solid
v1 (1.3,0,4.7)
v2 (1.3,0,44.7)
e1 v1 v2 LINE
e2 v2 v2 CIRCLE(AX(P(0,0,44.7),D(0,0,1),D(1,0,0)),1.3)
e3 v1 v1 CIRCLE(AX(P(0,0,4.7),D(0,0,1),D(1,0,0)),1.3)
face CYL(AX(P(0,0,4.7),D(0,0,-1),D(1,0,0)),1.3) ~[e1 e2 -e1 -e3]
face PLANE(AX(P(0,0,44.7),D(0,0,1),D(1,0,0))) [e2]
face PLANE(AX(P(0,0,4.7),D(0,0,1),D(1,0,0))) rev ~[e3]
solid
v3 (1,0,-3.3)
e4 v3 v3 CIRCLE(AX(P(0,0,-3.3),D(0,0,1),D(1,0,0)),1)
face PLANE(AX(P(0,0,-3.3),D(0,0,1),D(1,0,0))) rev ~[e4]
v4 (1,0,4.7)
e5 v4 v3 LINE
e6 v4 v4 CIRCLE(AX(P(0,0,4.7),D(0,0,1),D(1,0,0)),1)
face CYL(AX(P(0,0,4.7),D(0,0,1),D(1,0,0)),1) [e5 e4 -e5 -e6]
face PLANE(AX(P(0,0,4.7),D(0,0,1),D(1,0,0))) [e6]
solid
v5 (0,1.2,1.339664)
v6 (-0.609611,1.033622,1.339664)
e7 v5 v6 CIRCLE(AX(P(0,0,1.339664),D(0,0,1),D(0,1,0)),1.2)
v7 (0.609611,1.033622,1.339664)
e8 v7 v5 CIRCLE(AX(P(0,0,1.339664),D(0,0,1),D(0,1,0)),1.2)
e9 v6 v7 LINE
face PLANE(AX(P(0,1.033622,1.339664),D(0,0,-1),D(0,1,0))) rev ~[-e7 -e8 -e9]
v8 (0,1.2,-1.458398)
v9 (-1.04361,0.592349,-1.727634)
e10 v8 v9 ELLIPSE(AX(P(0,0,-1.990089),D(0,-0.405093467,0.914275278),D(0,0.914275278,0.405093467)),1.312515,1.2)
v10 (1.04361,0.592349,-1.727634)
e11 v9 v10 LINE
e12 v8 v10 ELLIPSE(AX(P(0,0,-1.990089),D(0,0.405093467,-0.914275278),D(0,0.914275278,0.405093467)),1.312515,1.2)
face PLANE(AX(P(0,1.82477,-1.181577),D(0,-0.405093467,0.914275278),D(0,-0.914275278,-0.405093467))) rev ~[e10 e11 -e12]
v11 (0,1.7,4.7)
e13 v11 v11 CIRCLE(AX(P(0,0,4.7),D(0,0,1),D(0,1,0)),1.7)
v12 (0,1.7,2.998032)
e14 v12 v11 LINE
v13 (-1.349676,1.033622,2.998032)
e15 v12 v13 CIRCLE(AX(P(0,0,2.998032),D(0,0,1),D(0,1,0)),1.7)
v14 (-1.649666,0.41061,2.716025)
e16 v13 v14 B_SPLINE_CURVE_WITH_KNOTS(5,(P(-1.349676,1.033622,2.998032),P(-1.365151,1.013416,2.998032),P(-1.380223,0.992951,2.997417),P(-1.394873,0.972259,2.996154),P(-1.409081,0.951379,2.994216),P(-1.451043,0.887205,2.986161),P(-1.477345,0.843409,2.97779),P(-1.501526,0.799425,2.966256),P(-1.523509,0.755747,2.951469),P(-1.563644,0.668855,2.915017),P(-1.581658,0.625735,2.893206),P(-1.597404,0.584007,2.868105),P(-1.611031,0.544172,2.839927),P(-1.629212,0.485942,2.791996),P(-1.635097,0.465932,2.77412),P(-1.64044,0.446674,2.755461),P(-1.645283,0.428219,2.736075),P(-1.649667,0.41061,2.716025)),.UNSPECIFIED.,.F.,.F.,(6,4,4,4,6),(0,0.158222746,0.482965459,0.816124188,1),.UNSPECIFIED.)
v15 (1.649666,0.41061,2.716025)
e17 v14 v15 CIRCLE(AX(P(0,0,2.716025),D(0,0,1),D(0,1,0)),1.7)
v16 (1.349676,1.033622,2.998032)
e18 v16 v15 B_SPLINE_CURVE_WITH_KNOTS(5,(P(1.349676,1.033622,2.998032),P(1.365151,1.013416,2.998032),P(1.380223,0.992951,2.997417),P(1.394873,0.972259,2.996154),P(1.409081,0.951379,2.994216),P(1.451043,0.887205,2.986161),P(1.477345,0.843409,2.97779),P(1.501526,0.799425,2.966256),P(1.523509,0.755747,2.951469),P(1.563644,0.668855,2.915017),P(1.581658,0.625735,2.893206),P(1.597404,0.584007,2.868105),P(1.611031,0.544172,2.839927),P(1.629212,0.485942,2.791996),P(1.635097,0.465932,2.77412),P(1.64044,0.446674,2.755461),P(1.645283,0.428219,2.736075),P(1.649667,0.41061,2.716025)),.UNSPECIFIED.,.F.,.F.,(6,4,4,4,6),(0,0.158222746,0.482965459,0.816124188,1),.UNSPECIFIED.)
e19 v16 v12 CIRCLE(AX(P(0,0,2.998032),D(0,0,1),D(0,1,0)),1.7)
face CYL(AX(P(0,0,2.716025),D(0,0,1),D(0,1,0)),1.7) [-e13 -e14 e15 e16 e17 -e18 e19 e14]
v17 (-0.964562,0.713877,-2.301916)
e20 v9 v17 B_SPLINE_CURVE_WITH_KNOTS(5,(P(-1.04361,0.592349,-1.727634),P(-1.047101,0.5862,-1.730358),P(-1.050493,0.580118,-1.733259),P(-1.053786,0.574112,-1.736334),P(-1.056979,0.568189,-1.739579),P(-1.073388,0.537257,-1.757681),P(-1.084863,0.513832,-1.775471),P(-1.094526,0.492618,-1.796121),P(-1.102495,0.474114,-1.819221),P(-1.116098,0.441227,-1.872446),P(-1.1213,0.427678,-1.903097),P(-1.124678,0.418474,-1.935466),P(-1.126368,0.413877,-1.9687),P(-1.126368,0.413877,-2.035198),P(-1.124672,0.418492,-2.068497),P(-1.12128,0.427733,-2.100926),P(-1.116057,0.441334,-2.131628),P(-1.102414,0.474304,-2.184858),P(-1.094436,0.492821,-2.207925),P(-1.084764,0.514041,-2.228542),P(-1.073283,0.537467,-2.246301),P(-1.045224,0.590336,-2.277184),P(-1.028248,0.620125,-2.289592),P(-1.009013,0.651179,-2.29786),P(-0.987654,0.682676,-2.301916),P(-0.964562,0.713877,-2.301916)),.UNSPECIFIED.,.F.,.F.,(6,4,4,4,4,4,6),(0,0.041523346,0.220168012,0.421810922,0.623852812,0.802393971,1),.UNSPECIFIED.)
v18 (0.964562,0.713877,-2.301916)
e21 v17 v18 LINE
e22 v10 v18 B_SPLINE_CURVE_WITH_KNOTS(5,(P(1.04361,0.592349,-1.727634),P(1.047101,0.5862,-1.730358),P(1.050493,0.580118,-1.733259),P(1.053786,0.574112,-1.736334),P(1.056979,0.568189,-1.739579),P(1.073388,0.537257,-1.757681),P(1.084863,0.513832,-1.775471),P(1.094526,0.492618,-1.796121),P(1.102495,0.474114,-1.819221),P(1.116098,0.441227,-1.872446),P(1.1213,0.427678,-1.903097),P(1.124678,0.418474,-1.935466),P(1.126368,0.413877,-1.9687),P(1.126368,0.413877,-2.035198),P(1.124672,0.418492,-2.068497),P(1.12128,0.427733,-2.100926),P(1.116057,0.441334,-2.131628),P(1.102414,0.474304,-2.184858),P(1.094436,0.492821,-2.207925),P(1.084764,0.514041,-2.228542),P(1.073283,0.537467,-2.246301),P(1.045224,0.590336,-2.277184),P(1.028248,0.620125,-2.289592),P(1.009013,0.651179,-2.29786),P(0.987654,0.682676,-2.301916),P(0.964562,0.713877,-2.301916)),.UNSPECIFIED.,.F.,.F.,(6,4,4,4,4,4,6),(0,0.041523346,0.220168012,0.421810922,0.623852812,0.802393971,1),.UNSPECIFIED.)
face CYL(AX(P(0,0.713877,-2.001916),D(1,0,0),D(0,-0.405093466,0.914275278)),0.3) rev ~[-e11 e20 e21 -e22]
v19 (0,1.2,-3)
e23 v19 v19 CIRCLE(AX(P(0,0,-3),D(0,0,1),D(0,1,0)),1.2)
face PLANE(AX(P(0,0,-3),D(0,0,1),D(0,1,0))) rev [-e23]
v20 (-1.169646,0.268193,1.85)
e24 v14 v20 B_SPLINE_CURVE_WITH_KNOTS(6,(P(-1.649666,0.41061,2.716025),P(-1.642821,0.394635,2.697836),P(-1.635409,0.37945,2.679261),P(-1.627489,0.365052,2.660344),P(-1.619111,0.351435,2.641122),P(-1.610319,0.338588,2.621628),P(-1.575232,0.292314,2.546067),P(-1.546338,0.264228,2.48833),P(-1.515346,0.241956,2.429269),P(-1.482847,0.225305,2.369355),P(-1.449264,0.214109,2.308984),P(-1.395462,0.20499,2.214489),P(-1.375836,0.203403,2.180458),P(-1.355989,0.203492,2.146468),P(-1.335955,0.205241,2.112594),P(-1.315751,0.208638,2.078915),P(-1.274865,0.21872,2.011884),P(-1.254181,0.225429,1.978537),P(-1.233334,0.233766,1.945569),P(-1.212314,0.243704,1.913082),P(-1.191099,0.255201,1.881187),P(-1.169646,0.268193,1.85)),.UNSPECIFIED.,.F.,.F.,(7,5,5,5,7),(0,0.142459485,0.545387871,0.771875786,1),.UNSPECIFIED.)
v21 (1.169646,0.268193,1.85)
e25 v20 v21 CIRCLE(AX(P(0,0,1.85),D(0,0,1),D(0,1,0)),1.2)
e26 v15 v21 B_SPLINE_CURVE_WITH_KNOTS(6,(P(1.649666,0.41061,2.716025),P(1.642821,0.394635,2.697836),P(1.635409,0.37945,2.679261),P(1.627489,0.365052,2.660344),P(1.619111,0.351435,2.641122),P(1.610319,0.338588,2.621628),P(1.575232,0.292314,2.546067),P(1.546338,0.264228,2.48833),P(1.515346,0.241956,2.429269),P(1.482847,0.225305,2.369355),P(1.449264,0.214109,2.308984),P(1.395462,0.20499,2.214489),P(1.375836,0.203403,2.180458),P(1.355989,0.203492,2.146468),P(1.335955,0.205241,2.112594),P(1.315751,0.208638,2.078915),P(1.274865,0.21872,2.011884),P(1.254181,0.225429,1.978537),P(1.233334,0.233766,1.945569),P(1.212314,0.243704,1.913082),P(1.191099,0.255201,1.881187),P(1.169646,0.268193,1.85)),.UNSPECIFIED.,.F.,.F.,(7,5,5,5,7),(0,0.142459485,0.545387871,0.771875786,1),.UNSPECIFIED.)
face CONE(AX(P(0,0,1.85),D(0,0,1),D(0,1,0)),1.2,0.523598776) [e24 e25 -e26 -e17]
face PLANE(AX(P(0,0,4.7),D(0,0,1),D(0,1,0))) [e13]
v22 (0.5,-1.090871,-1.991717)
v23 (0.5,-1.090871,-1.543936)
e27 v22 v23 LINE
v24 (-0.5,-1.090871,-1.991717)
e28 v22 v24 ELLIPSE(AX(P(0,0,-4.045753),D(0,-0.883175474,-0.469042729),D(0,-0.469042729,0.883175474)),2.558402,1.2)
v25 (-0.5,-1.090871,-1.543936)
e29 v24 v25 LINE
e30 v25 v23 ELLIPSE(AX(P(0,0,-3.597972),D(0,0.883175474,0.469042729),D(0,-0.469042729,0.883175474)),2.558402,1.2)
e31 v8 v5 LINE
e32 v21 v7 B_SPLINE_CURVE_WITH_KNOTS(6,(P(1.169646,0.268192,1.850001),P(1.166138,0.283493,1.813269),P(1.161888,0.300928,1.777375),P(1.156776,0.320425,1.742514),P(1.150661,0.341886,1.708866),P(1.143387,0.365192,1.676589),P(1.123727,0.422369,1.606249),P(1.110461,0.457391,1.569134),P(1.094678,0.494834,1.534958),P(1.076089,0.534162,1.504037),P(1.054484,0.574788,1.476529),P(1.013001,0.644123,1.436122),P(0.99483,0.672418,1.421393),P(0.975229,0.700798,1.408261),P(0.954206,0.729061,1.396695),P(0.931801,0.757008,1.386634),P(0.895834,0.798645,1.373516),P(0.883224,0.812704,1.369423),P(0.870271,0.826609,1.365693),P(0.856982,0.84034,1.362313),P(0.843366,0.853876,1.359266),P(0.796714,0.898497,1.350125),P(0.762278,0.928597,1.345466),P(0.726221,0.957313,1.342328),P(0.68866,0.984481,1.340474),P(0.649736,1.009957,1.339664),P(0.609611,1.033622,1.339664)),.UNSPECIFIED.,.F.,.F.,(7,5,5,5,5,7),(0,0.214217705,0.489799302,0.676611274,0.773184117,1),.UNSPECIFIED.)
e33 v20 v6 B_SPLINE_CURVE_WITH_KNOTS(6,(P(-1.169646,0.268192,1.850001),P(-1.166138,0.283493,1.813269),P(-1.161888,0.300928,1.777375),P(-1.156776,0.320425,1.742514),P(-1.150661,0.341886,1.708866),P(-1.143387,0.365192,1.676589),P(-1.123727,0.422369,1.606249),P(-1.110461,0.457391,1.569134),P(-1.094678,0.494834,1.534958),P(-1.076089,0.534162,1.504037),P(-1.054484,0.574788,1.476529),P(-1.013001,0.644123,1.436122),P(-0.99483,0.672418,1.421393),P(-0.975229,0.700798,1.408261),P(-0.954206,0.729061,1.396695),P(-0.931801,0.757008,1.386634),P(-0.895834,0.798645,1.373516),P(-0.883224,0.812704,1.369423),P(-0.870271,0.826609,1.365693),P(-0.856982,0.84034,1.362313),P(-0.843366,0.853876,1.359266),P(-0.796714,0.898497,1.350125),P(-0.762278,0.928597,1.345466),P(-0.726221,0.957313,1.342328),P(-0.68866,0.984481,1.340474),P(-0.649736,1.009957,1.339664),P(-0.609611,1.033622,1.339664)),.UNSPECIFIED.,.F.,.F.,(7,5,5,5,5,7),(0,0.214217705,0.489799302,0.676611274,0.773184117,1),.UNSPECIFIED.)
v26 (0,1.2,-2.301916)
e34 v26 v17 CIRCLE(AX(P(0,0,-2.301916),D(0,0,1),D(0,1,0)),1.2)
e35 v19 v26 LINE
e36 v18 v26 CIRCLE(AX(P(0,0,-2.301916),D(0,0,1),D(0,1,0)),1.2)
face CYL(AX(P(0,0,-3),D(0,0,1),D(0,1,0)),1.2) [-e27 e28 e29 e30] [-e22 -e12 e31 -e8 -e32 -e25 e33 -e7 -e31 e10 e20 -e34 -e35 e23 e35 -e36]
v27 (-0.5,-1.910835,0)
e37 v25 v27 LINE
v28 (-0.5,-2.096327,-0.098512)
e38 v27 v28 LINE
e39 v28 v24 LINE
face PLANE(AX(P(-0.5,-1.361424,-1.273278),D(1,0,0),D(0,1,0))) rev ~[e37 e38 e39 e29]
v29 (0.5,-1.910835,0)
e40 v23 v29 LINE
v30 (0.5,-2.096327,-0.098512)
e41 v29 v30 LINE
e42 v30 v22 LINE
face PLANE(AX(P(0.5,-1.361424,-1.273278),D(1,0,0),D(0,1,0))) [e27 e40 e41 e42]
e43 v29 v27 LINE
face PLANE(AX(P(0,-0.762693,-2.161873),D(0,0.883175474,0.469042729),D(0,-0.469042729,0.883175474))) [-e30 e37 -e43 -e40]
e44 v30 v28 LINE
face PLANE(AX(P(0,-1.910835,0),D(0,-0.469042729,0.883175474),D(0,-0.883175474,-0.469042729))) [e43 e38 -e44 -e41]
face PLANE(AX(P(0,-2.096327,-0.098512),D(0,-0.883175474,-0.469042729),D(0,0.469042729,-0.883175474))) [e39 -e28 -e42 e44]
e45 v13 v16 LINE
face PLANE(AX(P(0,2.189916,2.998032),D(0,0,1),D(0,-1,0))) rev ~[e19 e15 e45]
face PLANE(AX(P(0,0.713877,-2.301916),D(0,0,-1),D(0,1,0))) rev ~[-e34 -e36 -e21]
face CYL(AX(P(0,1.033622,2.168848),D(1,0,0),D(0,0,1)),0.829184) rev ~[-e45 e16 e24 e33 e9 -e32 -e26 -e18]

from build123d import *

# Parameters (mm, degrees)
F3_DEPTH      = 1.701
F3_DEPTH_BACK = 1.701
F5_DEPTH      = 0.5
F6_R          = 1
F7_DEPTH      = 8
F6_R_2        = 1.3
F8_DEPTH      = 40


with BuildPart() as f1:
    # F0 (on Right) → F1 (revolve)
    with BuildSketch(Plane.YZ):
        Polygon((0, 4.7), (0, -3), (1.2, -3), (1.2, 1.85), (1.7, 2.7160254038), (1.7, 4.7), align=None)
    revolve(axis=Axis((0, 0, 0.85), (0, 0, 1)))

    # F2 (on Right) → F3 (cut, two sides)
    with BuildSketch(Plane.YZ) as f3_sk:
        with BuildLine():
            Line((2.1899155108, 1.3396641007), (2.1899155108, 2.9980324907))
            Line((2.1899155108, 2.9980324907), (1.033622073, 2.9980324907))
            ThreePointArc((1.033622073, 2.9980324907), (0.204437878, 2.1688482957), (1.033622073, 1.3396641007))
            Line((1.033622073, 1.3396641007), (2.1899155108, 1.3396641007))
        make_face()
        with BuildLine():
            Line((0.7138770978, -2.3019161758), (1.8247701228, -2.3019161758))
            Line((1.8247701228, -2.3019161758), (1.8247701228, -1.1815773513))
            Line((1.8247701228, -1.1815773513), (0.5923490578, -1.7276335925))
            ThreePointArc((0.5923490578, -1.7276335925), (0.4203768635, -2.064025857), (0.7138770978, -2.3019161758))
        make_face()
    extrude(amount=F3_DEPTH, mode=Mode.SUBTRACT)
    extrude(f3_sk.sketch, amount=-F3_DEPTH_BACK, mode=Mode.SUBTRACT)

    # F4 (on Right) → F5 (join, symmetric)
    with BuildSketch(Plane.YZ):
        Polygon((-2.0963268337, -0.0985121634), (-0.7626931765, -2.6096533984), (-0.7626931765, -2.1618730389), (-1.9108351476, 0), align=None)
    extrude(amount=F5_DEPTH, both=True)


with BuildPart() as f7:
    # F6 (on face) → F7 (new body)
    with BuildSketch(Plane.XY.offset(4.7)):
        Circle(F6_R)
    extrude(amount=-F7_DEPTH)


with BuildPart() as f8:
    # F6 (on face) → F8 (new body)
    with BuildSketch(Plane.XY.offset(4.7)):
        Circle(F6_R_2)
        Circle(F6_R, mode=Mode.SUBTRACT)
        Circle(F6_R)
    extrude(amount=F8_DEPTH)


solid = Compound([f1.part, f7.part, f8.part])
